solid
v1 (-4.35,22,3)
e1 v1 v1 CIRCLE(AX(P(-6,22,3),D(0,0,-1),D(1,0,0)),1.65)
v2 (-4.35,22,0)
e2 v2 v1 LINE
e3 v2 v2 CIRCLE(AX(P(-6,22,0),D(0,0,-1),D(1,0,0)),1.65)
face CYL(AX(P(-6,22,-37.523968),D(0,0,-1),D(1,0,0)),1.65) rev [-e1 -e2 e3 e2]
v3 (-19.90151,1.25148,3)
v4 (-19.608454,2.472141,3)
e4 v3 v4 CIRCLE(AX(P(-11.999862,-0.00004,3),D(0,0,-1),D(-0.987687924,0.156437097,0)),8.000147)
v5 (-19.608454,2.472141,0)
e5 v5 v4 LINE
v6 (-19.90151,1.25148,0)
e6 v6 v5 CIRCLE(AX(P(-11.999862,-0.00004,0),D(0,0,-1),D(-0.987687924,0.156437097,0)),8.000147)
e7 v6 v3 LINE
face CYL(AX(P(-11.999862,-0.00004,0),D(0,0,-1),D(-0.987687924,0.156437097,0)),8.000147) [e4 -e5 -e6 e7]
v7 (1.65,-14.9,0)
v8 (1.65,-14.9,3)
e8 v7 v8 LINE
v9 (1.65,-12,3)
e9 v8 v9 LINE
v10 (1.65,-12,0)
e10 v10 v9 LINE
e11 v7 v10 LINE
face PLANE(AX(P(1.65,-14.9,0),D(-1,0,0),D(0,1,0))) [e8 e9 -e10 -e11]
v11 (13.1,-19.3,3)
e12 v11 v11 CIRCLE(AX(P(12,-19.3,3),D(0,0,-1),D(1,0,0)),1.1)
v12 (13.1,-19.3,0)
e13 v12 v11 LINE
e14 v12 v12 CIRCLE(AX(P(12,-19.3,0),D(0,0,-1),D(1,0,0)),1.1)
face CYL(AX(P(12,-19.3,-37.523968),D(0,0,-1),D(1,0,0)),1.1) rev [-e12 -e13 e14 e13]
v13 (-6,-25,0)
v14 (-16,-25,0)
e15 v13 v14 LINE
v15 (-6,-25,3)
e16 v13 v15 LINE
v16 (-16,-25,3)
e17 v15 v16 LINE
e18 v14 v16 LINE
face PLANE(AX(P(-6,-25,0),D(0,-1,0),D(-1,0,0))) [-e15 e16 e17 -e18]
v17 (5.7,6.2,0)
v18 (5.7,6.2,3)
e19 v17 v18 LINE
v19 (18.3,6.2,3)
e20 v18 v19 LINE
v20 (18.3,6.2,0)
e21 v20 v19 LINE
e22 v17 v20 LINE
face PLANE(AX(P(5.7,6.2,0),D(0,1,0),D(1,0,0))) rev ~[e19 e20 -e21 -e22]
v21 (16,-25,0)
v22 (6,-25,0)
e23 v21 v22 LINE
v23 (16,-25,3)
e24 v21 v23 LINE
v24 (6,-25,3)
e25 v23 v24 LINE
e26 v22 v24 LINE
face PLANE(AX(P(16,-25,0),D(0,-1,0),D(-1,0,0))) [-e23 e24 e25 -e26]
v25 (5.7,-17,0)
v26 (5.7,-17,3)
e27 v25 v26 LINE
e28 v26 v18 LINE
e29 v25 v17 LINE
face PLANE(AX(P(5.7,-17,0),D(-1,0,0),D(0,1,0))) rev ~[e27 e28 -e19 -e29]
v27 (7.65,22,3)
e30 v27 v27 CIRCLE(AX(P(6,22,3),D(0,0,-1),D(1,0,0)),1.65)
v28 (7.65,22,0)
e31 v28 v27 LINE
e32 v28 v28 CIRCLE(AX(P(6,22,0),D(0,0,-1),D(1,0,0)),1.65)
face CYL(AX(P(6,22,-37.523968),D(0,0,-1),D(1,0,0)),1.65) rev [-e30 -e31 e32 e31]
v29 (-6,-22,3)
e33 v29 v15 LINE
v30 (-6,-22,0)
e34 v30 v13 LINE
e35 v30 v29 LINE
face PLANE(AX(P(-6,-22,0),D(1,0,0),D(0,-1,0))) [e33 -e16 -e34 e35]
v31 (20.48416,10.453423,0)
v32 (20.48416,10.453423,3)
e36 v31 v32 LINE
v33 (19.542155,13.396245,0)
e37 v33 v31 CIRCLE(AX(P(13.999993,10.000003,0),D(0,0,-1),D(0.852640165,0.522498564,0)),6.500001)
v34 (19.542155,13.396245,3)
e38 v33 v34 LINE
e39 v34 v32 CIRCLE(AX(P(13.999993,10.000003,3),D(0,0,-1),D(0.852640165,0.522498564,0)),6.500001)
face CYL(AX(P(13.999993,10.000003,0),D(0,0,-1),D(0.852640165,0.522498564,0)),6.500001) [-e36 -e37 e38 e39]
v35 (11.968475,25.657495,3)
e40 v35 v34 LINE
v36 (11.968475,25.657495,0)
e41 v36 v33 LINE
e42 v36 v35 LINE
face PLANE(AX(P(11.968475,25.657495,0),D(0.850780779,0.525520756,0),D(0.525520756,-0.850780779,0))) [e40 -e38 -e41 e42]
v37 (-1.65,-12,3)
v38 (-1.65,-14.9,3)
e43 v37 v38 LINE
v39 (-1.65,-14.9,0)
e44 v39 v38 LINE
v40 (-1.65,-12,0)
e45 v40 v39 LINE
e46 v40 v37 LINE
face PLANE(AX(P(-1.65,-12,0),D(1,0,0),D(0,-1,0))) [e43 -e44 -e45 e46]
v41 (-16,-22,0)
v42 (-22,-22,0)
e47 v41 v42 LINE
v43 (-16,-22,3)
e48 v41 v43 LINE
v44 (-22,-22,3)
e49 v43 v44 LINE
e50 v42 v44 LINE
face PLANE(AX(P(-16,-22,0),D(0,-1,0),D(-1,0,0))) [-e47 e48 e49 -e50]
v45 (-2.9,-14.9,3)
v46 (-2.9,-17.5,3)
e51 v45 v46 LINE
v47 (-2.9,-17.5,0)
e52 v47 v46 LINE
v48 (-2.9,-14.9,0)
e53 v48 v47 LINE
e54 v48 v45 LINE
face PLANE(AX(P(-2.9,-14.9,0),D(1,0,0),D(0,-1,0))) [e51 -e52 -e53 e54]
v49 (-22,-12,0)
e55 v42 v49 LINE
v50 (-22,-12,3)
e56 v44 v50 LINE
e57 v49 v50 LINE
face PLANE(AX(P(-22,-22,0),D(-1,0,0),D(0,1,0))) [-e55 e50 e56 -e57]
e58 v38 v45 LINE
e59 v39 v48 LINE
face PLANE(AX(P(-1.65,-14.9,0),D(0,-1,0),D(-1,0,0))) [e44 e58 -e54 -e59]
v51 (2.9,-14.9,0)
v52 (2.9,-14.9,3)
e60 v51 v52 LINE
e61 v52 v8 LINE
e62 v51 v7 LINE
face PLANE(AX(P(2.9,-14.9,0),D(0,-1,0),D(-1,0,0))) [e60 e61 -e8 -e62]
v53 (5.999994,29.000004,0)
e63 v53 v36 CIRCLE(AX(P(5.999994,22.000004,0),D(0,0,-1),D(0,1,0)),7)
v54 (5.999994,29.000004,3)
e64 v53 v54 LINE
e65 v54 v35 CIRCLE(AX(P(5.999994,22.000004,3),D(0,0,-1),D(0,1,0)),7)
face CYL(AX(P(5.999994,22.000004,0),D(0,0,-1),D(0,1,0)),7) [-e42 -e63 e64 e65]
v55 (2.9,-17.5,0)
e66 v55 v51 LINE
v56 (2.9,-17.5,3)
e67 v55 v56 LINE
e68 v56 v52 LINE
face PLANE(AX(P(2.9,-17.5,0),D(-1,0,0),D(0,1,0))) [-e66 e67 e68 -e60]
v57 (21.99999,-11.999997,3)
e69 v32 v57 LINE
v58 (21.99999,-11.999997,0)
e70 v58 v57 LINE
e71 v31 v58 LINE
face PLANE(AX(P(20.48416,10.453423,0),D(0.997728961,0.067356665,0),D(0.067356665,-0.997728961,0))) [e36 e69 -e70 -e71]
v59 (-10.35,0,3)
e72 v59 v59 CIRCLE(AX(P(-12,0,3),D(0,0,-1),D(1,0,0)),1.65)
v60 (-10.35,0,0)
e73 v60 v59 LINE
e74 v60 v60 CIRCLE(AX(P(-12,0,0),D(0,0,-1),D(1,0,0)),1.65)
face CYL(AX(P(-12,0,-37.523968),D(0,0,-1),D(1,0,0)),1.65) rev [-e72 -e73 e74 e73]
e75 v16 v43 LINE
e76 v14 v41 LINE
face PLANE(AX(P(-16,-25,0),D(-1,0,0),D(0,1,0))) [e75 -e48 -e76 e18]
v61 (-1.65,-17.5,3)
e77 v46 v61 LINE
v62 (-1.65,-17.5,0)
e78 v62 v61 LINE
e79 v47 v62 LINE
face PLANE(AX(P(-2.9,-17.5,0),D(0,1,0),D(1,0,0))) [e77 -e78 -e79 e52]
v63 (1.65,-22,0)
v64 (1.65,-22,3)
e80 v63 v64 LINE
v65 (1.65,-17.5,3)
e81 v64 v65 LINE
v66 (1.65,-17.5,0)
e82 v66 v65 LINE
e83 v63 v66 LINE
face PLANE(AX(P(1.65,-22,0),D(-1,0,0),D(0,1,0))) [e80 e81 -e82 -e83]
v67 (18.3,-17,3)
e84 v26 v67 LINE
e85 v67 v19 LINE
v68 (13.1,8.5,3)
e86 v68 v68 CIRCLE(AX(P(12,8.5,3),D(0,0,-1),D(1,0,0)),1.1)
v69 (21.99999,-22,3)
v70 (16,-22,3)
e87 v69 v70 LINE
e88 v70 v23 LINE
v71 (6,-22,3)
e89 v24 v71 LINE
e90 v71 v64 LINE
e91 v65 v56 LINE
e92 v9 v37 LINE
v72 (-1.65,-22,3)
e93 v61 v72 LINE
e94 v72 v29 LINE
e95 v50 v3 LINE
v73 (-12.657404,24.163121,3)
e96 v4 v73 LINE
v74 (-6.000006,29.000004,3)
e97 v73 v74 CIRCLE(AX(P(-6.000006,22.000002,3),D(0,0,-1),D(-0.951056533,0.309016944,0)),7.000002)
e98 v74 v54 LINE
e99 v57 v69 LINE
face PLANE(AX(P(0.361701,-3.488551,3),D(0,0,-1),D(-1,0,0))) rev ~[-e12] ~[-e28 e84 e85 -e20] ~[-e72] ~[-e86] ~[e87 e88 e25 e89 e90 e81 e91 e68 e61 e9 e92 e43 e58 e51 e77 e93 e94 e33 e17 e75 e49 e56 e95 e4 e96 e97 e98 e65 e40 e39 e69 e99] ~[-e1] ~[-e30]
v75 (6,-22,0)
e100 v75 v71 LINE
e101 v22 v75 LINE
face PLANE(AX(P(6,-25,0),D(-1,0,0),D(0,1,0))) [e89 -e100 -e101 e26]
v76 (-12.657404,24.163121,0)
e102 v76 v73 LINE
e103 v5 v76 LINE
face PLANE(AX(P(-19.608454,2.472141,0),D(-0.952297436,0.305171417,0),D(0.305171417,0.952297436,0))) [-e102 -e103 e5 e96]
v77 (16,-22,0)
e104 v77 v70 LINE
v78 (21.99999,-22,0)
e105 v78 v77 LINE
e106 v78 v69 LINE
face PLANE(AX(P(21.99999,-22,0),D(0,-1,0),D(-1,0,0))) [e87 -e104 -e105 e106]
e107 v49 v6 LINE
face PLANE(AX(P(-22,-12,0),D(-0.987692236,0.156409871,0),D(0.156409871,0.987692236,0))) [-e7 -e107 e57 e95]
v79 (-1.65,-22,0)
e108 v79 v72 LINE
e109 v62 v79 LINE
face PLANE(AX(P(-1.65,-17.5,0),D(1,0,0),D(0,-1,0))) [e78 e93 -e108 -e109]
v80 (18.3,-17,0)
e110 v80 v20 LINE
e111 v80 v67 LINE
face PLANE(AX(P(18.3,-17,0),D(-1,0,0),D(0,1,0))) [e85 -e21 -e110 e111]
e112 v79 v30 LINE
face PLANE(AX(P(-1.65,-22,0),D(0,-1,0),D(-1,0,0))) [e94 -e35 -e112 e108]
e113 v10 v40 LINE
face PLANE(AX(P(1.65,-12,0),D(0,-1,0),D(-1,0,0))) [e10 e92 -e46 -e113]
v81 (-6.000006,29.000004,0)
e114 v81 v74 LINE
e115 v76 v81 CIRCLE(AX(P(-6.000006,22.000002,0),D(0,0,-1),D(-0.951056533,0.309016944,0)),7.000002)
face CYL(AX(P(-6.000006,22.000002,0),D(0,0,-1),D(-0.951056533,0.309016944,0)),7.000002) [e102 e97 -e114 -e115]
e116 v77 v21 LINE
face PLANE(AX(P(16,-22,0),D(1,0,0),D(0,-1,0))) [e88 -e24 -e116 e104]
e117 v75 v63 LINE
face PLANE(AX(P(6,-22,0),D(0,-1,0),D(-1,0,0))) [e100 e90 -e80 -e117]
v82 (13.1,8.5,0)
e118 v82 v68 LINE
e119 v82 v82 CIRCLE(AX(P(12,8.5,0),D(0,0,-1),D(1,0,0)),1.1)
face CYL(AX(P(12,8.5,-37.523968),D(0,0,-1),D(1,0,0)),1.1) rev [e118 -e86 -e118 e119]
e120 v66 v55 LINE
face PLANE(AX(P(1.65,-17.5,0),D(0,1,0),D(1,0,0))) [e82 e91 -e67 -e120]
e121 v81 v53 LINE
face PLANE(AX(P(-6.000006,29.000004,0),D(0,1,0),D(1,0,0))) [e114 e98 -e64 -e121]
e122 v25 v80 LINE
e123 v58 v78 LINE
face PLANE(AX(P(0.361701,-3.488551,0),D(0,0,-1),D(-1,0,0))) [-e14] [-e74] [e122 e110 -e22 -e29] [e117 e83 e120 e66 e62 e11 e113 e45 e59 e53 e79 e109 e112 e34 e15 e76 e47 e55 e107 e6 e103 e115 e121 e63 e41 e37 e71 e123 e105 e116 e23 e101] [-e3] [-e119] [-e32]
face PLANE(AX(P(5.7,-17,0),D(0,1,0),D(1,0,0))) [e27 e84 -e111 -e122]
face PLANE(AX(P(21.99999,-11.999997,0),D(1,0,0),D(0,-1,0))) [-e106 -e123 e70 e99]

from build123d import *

# Parameters (mm, degrees)
ESKIZ_KONTUR_W        = 12.6
ESKIZ_KONTUR_H        = 23.2
PLASTINA_DEPTH        = 3
OTVERSTIYA_DEPTH      = 37.523967755
OTVERSTIYA_DEPTH_BACK = 37.523967755
ESKIZ_OTVERSTIYA_R    = 1.65
ESKIZ_OTVERSTIYA_R_2  = 1.1


with BuildPart() as part:
    # Eskiz_kontur → Plastina (new body)
    with BuildSketch(Plane.XY):
        with BuildLine():
            Line((-19.608453592, 2.472140862), (-12.657403592, 24.163120862))
            ThreePointArc((-12.657403592, 24.163120862), (-10.114503963, 27.663122227), (-6.000005728, 29.000003803))
            Line((-6.000005728, 29.000003803), (5.999994272, 29.000003803))
            ThreePointArc((5.999994272, 29.000003803), (9.420342449, 28.10747607), (11.968474679, 25.657494531))
            Line((11.968474679, 25.657494531), (19.542154679, 13.396244531))
            ThreePointArc((19.542154679, 13.396244531), (20.190566029, 11.981622791), (20.484159934, 10.453423012))
            Line((20.484159934, 10.453423012), (21.999989934, -11.999996988))
            Line((21.999989934, -11.999996988), (21.999989934, -22))
            Line((21.999989934, -22), (16, -22))
            Line((16, -22), (16, -25))
            Line((16, -25), (6, -25))
            Line((6, -25), (6, -22))
            Line((6, -22), (1.65, -22))
            Line((1.65, -22), (1.65, -17.5))
            Line((1.65, -17.5), (2.9, -17.5))
            Line((2.9, -17.5), (2.9, -14.9))
            Line((2.9, -14.9), (1.65, -14.9))
            Line((1.65, -14.9), (1.65, -12))
            Line((1.65, -12), (-1.65, -12))
            Line((-1.65, -12), (-1.65, -14.9))
            Line((-1.65, -14.9), (-2.9, -14.9))
            Line((-2.9, -14.9), (-2.9, -17.5))
            Line((-2.9, -17.5), (-1.65, -17.5))
            Line((-1.65, -17.5), (-1.65, -22))
            Line((-1.65, -22), (-6, -22))
            Line((-6, -22), (-6, -25))
            Line((-6, -25), (-16, -25))
            Line((-16, -25), (-16, -22))
            Line((-16, -22), (-22, -22))
            Line((-22, -22), (-22, -12))
            Line((-22, -12), (-19.90151, 1.25148))
            ThreePointArc((-19.90151, 1.25148), (-19.778961323, 1.867567439), (-19.608453592, 2.472140862))
        make_face()
        with Locations((12, -5.4)):
            Rectangle(ESKIZ_KONTUR_W, ESKIZ_KONTUR_H, mode=Mode.SUBTRACT)
    extrude(amount=PLASTINA_DEPTH)

    # Eskiz_otverstiya → Otverstiya (cut, two sides: drawn at the far end of the back side and taken through both)
    with BuildSketch(Plane.XY.offset(-OTVERSTIYA_DEPTH_BACK)):
        with Locations((-12, 0)):
            Circle(ESKIZ_OTVERSTIYA_R)
        with Locations((12, -19.3)):
            Circle(ESKIZ_OTVERSTIYA_R_2)
        with Locations((-6, 22)):
            Circle(ESKIZ_OTVERSTIYA_R)
        with Locations((12, 8.5)):
            Circle(ESKIZ_OTVERSTIYA_R_2)
        with Locations((6, 22)):
            Circle(ESKIZ_OTVERSTIYA_R)
    extrude(amount=OTVERSTIYA_DEPTH + OTVERSTIYA_DEPTH_BACK, mode=Mode.SUBTRACT)


solid = part.part
